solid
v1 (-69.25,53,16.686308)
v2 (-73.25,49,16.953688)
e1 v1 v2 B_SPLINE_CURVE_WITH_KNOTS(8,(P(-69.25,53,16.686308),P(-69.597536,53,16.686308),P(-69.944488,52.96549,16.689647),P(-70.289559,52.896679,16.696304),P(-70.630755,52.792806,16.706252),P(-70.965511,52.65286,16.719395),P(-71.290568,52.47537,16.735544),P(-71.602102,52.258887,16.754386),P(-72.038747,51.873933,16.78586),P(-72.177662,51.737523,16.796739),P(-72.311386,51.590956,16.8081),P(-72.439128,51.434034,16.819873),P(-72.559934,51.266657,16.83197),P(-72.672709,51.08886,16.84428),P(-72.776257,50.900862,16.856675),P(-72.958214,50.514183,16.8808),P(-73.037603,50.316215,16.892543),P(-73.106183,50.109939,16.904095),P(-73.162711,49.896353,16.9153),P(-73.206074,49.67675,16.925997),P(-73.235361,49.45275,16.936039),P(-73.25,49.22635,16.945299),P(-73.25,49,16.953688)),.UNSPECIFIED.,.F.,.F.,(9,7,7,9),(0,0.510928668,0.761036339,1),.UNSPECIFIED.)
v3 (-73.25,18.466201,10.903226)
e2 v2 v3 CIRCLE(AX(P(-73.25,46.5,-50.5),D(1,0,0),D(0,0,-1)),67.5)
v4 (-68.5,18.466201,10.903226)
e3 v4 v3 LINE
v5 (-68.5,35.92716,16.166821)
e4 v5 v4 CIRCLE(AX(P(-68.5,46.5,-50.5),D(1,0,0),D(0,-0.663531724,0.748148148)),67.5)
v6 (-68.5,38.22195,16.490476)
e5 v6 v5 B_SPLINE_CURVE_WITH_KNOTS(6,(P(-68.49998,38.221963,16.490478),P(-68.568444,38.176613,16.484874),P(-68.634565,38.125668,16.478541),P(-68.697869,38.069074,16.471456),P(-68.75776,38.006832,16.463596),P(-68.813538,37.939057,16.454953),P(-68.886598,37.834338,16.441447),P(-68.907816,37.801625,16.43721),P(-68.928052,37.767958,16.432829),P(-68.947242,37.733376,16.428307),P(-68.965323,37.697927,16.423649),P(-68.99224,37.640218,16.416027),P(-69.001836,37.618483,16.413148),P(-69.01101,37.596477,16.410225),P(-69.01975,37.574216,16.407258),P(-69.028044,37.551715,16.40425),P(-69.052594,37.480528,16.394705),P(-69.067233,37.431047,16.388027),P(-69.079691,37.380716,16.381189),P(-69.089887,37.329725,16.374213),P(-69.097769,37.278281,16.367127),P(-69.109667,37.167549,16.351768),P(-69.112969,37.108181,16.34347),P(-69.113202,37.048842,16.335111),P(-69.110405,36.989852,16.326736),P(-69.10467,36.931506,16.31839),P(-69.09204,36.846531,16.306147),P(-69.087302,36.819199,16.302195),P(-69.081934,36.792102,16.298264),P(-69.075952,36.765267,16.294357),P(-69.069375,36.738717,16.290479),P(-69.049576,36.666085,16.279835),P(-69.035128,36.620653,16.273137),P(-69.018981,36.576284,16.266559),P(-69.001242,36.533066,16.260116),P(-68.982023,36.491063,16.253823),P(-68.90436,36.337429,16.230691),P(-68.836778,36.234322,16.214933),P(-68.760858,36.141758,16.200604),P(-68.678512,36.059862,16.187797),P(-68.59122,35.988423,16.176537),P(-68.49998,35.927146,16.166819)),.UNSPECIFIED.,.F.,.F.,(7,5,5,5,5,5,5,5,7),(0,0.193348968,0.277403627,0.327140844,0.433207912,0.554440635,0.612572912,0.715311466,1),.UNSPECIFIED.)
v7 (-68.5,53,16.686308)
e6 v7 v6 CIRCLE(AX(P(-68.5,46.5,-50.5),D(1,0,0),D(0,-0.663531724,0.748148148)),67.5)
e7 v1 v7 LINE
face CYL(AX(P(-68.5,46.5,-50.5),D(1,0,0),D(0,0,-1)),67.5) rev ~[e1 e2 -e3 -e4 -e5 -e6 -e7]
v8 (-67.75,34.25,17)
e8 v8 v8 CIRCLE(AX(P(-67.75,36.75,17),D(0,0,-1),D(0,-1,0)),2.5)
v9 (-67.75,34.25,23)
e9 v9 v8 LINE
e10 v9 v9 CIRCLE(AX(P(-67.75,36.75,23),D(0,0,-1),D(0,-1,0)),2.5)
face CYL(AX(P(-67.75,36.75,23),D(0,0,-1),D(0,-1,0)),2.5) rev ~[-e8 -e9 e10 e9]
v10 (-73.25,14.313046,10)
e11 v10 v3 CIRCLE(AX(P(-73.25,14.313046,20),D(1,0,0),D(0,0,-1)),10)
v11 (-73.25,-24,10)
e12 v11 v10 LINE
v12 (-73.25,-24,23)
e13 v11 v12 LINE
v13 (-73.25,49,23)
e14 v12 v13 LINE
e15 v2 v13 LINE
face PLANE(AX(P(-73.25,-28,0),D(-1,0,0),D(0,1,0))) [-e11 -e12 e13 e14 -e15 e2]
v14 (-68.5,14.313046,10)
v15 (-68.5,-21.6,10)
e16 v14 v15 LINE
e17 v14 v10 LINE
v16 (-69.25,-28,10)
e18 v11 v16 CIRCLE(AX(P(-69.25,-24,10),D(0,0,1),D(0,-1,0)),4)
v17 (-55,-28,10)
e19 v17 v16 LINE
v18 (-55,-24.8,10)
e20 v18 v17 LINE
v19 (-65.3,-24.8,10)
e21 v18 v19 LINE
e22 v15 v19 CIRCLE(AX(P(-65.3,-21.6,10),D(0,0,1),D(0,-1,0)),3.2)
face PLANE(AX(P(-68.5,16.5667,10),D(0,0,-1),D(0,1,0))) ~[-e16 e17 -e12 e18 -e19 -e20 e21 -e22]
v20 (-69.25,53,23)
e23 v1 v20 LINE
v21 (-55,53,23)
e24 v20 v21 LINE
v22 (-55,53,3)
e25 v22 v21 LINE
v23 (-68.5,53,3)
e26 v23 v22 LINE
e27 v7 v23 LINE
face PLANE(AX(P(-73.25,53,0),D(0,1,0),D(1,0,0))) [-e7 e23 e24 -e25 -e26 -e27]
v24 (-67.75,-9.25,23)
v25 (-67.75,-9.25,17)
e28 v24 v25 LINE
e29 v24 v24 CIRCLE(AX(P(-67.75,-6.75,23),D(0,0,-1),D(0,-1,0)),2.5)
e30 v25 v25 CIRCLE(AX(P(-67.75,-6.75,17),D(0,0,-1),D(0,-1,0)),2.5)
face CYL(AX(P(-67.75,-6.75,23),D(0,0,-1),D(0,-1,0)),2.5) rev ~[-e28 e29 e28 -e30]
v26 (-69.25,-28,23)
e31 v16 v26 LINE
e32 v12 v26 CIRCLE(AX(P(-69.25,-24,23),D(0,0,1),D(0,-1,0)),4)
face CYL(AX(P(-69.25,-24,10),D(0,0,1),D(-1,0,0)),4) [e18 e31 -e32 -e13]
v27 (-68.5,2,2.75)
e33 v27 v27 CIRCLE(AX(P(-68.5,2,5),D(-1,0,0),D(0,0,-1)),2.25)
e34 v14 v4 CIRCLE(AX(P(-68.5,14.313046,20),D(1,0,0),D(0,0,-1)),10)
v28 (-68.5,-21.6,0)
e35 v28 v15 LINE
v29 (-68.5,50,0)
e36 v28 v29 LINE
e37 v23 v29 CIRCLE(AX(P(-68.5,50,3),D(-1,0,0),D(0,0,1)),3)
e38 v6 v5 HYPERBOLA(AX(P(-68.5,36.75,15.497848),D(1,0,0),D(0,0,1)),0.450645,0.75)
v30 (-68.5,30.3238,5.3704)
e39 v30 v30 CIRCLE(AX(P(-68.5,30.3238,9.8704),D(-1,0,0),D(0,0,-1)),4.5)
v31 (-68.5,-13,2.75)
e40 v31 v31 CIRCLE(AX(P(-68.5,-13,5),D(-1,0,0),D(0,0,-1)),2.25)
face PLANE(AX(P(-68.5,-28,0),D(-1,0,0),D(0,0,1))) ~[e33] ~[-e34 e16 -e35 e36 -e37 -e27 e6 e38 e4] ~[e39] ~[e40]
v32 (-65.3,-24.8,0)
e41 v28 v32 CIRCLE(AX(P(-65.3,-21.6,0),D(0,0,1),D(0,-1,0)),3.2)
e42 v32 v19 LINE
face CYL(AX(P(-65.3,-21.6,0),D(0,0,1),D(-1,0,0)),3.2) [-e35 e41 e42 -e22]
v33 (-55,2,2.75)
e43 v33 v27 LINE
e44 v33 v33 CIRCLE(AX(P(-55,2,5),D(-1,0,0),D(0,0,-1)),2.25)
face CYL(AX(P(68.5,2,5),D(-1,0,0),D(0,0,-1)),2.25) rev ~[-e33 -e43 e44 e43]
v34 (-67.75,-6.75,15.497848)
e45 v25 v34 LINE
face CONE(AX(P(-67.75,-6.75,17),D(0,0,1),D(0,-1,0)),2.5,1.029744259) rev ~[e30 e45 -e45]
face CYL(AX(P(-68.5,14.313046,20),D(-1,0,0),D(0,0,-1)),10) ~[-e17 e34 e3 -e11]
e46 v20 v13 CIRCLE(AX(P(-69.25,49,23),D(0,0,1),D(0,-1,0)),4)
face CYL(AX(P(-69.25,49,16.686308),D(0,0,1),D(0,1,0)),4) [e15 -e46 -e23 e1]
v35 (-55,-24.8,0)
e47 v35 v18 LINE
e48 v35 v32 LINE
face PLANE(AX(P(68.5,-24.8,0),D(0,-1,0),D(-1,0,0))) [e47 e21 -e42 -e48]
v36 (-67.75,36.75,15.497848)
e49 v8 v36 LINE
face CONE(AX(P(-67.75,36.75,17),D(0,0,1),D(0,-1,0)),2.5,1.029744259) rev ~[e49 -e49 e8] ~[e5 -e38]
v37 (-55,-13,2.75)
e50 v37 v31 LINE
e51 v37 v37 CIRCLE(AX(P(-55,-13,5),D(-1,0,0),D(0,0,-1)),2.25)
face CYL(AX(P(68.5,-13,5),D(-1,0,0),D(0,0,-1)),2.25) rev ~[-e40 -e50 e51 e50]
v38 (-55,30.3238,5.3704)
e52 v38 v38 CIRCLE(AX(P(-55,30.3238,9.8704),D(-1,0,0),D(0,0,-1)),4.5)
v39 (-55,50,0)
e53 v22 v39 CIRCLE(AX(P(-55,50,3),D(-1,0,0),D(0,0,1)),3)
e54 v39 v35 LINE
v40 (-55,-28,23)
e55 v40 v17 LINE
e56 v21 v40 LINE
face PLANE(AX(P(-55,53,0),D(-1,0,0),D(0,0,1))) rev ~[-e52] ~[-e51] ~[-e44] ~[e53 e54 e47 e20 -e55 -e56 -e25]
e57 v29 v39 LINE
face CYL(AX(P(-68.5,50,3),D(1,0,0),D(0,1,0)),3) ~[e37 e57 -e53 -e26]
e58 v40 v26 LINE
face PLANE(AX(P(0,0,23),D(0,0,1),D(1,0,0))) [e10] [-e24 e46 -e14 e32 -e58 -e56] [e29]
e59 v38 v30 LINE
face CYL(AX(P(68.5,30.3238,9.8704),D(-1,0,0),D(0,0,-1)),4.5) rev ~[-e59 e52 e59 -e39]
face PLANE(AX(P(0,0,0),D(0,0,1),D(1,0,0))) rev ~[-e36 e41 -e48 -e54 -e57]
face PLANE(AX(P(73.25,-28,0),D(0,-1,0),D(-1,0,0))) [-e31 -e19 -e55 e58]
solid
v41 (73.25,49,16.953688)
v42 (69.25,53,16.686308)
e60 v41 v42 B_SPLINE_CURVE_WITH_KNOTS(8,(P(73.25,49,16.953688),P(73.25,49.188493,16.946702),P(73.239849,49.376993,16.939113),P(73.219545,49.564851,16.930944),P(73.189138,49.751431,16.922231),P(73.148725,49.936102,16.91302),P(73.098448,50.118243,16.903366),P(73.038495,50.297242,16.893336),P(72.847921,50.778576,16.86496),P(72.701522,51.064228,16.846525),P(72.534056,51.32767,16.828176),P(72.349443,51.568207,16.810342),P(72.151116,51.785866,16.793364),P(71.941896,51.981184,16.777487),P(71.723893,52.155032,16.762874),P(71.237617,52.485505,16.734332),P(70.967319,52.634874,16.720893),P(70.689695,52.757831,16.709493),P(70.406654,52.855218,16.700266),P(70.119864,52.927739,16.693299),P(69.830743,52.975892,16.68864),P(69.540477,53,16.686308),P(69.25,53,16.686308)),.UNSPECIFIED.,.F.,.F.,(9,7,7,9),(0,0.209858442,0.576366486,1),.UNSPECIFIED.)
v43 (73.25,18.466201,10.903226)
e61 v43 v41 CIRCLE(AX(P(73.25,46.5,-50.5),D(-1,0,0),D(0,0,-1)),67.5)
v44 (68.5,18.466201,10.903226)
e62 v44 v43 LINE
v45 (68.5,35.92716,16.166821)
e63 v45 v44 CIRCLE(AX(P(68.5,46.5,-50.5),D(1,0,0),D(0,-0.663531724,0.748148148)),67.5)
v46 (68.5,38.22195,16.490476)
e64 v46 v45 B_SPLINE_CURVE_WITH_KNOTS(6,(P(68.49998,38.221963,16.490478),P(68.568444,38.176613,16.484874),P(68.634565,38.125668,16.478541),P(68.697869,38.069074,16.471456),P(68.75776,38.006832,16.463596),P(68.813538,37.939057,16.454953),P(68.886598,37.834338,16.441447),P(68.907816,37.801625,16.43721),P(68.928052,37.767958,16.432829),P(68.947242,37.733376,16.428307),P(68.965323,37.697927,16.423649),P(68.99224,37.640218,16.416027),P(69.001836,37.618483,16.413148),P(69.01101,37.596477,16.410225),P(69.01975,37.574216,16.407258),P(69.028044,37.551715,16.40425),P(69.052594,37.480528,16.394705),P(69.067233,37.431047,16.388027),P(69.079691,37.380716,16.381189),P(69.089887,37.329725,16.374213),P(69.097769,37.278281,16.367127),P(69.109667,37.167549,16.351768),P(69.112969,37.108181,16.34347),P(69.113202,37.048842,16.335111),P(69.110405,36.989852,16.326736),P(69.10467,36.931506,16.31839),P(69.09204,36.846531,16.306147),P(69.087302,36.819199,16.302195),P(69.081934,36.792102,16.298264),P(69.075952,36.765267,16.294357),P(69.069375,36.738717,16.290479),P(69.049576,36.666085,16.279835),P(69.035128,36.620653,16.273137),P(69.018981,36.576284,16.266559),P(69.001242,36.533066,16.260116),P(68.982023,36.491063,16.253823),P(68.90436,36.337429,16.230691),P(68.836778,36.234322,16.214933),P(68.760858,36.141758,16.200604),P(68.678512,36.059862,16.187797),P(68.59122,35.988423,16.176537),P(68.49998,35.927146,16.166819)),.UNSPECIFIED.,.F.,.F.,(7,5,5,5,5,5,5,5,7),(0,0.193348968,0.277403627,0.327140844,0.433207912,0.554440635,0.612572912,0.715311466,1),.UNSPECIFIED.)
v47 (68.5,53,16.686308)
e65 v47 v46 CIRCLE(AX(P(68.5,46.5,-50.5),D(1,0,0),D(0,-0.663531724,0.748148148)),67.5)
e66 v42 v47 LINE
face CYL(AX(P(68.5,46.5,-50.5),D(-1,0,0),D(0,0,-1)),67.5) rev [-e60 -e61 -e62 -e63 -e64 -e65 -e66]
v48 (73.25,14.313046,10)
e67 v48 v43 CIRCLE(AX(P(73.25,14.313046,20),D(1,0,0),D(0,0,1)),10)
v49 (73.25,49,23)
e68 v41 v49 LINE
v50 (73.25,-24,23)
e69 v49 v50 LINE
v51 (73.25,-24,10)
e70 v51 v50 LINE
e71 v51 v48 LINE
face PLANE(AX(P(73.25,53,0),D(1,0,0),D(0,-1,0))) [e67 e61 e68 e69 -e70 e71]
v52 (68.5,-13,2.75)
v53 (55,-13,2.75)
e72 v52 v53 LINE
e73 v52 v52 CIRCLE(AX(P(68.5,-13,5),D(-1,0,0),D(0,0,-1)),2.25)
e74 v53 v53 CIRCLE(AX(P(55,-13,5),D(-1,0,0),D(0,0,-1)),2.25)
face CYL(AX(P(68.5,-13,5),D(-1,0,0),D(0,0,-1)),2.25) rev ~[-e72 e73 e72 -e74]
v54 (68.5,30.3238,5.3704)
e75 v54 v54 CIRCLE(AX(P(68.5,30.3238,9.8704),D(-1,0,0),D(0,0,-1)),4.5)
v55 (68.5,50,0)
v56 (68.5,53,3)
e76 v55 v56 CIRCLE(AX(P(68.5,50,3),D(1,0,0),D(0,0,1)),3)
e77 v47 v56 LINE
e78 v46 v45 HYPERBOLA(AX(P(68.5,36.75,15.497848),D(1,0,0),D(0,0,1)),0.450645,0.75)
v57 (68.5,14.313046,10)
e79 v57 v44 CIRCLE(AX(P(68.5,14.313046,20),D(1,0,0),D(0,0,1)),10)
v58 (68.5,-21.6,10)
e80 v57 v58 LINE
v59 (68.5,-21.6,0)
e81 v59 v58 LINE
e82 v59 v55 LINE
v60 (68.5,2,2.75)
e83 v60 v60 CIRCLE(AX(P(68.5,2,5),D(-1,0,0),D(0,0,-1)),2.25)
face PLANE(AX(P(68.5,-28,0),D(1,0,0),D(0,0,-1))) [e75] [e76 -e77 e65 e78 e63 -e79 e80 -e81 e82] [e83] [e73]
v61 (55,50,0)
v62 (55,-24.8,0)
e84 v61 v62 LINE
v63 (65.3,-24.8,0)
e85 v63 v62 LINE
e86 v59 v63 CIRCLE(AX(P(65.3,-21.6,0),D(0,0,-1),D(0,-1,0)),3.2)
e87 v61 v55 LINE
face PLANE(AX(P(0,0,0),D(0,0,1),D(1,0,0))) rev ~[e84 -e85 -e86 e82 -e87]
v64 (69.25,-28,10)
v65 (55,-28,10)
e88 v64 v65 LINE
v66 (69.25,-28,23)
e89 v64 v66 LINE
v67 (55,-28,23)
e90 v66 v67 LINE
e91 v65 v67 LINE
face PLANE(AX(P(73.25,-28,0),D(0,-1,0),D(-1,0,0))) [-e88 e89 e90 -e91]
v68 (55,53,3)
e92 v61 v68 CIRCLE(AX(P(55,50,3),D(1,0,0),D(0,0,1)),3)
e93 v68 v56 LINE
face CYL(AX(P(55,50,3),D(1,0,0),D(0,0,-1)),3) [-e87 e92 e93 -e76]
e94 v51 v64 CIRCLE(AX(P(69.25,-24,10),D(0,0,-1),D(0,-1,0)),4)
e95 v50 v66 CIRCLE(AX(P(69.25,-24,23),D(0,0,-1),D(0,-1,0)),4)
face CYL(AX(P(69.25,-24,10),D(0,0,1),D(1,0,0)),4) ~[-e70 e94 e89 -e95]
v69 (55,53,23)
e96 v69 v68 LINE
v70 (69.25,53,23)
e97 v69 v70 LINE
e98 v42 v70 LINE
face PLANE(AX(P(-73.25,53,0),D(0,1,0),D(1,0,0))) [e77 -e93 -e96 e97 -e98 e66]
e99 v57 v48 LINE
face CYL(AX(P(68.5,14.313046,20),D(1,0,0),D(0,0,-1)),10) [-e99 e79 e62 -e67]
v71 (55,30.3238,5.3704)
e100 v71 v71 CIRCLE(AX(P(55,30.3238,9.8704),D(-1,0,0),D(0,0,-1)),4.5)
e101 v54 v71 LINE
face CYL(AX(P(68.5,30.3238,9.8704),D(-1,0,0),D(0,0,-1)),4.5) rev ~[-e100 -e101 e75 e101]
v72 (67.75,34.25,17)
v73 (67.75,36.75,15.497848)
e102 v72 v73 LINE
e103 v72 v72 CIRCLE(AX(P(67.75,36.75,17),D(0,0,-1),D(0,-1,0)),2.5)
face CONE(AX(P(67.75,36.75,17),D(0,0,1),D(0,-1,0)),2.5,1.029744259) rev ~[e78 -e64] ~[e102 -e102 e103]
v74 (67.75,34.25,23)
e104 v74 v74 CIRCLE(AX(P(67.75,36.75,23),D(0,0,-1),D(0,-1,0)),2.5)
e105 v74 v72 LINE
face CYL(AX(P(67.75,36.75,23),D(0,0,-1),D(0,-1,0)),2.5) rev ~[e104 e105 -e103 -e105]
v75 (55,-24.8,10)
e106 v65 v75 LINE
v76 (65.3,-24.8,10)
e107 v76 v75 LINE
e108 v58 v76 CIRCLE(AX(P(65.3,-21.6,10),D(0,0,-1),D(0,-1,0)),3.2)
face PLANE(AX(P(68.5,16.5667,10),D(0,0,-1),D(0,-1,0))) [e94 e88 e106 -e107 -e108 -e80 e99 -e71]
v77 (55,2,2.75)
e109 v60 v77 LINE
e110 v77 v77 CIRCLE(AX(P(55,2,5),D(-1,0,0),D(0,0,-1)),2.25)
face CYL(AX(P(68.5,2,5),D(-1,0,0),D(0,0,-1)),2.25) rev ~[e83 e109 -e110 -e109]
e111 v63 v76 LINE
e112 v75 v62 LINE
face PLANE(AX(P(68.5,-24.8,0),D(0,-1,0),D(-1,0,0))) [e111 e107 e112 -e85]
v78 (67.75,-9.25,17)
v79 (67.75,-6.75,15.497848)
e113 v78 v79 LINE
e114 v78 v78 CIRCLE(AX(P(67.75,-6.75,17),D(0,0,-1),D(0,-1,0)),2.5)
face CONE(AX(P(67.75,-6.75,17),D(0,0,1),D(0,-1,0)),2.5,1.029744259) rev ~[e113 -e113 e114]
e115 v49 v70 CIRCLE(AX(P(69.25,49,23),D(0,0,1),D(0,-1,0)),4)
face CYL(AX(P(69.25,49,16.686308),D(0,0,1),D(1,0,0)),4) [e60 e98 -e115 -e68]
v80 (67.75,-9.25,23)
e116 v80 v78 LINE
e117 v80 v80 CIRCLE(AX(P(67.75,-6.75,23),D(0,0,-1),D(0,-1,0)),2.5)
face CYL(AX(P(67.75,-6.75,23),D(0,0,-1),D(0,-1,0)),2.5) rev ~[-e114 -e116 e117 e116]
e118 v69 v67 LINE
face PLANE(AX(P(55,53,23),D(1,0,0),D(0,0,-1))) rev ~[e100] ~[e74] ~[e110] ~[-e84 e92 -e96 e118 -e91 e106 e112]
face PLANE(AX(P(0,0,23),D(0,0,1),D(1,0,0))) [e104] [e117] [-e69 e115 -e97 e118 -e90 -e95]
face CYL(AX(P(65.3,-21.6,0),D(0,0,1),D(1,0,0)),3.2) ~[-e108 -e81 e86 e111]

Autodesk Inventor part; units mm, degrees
ref_plane "XZ Plane" through (0, 0, 0) normal (0, 1, 0) x (-1, 0, 0)
ref_plane "XY Plane" through (0, 0, 0) normal (0, 0, 1) x (1, 0, 0)
sketch "スケッチ2" plane through (0, 0, 0) normal (0, 0, 1) x (1, 0, 0)
  line L0 (-70.25, -25) -> (70.25, -25) construction
  line L1 (70.25, -25) -> (70.25, 50) construction
  line L2 (70.25, 50) -> (-70.25, 50) construction
  line L3 (-70.25, 50) -> (-70.25, -25) construction
  line L4 (73.25, -28) -> (-73.25, -28)
  line L5 (-73.25, -28) -> (-73.25, 53)
  line L6 (-73.25, 53) -> (73.25, 53)
  line L7 (73.25, 53) -> (73.25, -28)
  point P0 (0, 0)
  dimension "d0" = 140.5
  dimension "d2" = 3
  dimension "d3" = 3
  dimension "d58" = 50
  dimension "d59" = 3
  dimension "d60" = 25
  dimension "d72" = 3
  dimension "d73" = 70.25
extrude "押し出し1" add sketch "スケッチ2" along normal blind 23
ref_plane "作業平面1" through (68.5, 0, 0) normal (1, 0, 0) x (0, 1, 0)
sketch "スケッチ3" plane through (68.5, -28, 0) normal (1, 0, 0) x (0, 0, -1)
  circle A0 centre (50.5, 74.5) radius 67.5
  line L0 (0, 0) -> (-23, 0) projected
  line L1 (0, 0) -> (0, 81) projected
  line L2 (-10, 44.5667) -> (-10, 0)
  line L3 (0, 0) -> (-23, 0) projected
  point P0 (0, 28)
  point P1 (0, 29.7116)
  dimension "d6" = 135
  dimension "d7" = 74.5
  dimension "d9" = 60.5
  dimension "d23" = 10
extrude "押し出し2" cut sketch "スケッチ3" along normal through all
sketch "スケッチ4" plane through (0, 0, 23) normal (0, 0, 1) x (1, 0, 0)
  line L0 (-67.75, -6.75) -> (67.75, -6.75)
  line L1 (67.75, -6.75) -> (67.75, 36.75)
  line L2 (67.75, 36.75) -> (-67.75, 36.75)
  line L3 (-67.75, 36.75) -> (-67.75, -6.75)
  line L4 (-67.75, -6.75) -> (67.75, 36.75) construction
  line L5 (67.75, -6.75) -> (-67.75, 36.75) construction
  line L6 (73.25, 53) -> (-73.25, 53) projected
  point P0 (0, 0)
  point P1 (0, 15)
  dimension "d13" = 135.5
  dimension "d14" = 43.5
  dimension "d86" = 15
hole "穴1" at (67.75, -6.75, 23) at (67.75, 36.75, 23) at (-67.75, 36.75, 23) at (-67.75, -6.75, 23) direction (0, 0, -1) diameter 5 depth 6 tip angle 118
sketch "スケッチ5" plane through (68.5, -28, 0) normal (1, 0, 0) x (0, 0, -1)
  line L0 (0, 0) -> (-10, 0) projected
  line L1 (-10, 0) -> (-10, 44.5667) projected
  point P0 (0, 28)
  point P1 (-5, 15)
  point P2 (-5, 30)
  point P3 (-10, 35.913)
  dimension "d24" = 15
  dimension "d25" = 15
  dimension "d26" = 5
hole "穴2" at (68.5, -13, 5) at (68.5, 2, 5) direction (-1, 0, 0) diameter 4.5 end through all clearance for "Flat Head Machine Screw" size "M4" standard "Ansi Metric M Profile"
fillet "フィレット2" radius 10 1 edges at (70.875, 16.5667, 10)
sketch "スケッチ11" plane through (-73.25, 53, 23) normal (0, 1, 0) x (1, 0, 0)
  line L0 (0, 23) -> (141.75, 23) projected
  line L1 (0, 0) -> (146.5, 0) projected
  line L2 (18.25, 0) -> (128.25, 0)
  line L3 (128.25, 0) -> (128.25, 23)
  line L4 (128.25, 23) -> (18.25, 23)
  line L5 (18.25, 23) -> (18.25, 0)
  line L6 (141.75, 6.3137) -> (141.75, 23) projected
  line L7 (146.5, 6.3137) -> (146.5, 0) projected
  line L8 (0, 23) -> (0, 0) projected
  dimension "d68" = 18.25
  dimension "d69" = 18.25
  dimension "d70" = 0
extrude "押し出し8" cut sketch "スケッチ11" against normal through all contours L0 L3 L1 L5
mirror "ミラー1" about plane through (0, 0, 0) normal (1, 0, 0) of "押し出し2", "穴2", "フィレット2"
sketch "スケッチ7" plane through (0, 0, 0) normal (0, 0, -1) x (-1, 0, 0)
  line L0 (68.5, -28) -> (68.5, 53) projected
  line L1 (-68.5, -24.8) -> (68.5, -24.8)
  line L2 (68.5, -24.8) -> (68.5, -28)
  line L3 (68.5, -28) -> (-68.5, -28)
  line L4 (-68.5, -28) -> (-68.5, -24.8)
  line L5 (-68.5, -24.8) -> (68.5, -28) construction
  line L6 (68.5, -24.8) -> (-68.5, -28) construction
  point P0 (0, 0)
  point P1 (0, -26.4)
  point P2 (-68.5, -28)
  point P3 (68.5, -24.8)
  dimension "d38" = 3.2
extrude "押し出し4" cut sketch "スケッチ7" against normal up to surface (10 mm away)
fillet "フィレット3" radius 3.2 2 edges at (68.5, -24.8, 5) (-68.5, -24.8, 5)
fillet "フィレット6" radius 4 4 edges at (73.25, -28, 16.5) (-73.25, -28, 16.5) (73.25, 53, 19.8432) (-73.25, 53, 19.8432)
fillet "フィレット8" radius 3 2 edges at (-61.75, 53, 0) (61.75, 53, 0)
sketch "スケッチ12" plane through (68.5, -28, 0) normal (1, 0, 0) x (0, 0, -1)
  circle A0 centre (50.5, 74.5) radius 67.5 projected
  circle A1 centre (50.5, 74.5) radius 62.5
  line L0 (-9.8704, 58.3238) -> (50.5, 74.5)
  line L1 (-16.6863, 81) -> (-3, 81) projected
  point P0 (0, 28)
  dimension "d75" = 125
  dimension "d76" = 15
hole "穴3" at (68.5, 30.3238, 9.8704) direction (-1, 0, 0) diameter 9 end through all
equation "\"d2\" = d3"
equation "\"d69\" = d68"
properties part number "base44" material "ABS プラスチック"
